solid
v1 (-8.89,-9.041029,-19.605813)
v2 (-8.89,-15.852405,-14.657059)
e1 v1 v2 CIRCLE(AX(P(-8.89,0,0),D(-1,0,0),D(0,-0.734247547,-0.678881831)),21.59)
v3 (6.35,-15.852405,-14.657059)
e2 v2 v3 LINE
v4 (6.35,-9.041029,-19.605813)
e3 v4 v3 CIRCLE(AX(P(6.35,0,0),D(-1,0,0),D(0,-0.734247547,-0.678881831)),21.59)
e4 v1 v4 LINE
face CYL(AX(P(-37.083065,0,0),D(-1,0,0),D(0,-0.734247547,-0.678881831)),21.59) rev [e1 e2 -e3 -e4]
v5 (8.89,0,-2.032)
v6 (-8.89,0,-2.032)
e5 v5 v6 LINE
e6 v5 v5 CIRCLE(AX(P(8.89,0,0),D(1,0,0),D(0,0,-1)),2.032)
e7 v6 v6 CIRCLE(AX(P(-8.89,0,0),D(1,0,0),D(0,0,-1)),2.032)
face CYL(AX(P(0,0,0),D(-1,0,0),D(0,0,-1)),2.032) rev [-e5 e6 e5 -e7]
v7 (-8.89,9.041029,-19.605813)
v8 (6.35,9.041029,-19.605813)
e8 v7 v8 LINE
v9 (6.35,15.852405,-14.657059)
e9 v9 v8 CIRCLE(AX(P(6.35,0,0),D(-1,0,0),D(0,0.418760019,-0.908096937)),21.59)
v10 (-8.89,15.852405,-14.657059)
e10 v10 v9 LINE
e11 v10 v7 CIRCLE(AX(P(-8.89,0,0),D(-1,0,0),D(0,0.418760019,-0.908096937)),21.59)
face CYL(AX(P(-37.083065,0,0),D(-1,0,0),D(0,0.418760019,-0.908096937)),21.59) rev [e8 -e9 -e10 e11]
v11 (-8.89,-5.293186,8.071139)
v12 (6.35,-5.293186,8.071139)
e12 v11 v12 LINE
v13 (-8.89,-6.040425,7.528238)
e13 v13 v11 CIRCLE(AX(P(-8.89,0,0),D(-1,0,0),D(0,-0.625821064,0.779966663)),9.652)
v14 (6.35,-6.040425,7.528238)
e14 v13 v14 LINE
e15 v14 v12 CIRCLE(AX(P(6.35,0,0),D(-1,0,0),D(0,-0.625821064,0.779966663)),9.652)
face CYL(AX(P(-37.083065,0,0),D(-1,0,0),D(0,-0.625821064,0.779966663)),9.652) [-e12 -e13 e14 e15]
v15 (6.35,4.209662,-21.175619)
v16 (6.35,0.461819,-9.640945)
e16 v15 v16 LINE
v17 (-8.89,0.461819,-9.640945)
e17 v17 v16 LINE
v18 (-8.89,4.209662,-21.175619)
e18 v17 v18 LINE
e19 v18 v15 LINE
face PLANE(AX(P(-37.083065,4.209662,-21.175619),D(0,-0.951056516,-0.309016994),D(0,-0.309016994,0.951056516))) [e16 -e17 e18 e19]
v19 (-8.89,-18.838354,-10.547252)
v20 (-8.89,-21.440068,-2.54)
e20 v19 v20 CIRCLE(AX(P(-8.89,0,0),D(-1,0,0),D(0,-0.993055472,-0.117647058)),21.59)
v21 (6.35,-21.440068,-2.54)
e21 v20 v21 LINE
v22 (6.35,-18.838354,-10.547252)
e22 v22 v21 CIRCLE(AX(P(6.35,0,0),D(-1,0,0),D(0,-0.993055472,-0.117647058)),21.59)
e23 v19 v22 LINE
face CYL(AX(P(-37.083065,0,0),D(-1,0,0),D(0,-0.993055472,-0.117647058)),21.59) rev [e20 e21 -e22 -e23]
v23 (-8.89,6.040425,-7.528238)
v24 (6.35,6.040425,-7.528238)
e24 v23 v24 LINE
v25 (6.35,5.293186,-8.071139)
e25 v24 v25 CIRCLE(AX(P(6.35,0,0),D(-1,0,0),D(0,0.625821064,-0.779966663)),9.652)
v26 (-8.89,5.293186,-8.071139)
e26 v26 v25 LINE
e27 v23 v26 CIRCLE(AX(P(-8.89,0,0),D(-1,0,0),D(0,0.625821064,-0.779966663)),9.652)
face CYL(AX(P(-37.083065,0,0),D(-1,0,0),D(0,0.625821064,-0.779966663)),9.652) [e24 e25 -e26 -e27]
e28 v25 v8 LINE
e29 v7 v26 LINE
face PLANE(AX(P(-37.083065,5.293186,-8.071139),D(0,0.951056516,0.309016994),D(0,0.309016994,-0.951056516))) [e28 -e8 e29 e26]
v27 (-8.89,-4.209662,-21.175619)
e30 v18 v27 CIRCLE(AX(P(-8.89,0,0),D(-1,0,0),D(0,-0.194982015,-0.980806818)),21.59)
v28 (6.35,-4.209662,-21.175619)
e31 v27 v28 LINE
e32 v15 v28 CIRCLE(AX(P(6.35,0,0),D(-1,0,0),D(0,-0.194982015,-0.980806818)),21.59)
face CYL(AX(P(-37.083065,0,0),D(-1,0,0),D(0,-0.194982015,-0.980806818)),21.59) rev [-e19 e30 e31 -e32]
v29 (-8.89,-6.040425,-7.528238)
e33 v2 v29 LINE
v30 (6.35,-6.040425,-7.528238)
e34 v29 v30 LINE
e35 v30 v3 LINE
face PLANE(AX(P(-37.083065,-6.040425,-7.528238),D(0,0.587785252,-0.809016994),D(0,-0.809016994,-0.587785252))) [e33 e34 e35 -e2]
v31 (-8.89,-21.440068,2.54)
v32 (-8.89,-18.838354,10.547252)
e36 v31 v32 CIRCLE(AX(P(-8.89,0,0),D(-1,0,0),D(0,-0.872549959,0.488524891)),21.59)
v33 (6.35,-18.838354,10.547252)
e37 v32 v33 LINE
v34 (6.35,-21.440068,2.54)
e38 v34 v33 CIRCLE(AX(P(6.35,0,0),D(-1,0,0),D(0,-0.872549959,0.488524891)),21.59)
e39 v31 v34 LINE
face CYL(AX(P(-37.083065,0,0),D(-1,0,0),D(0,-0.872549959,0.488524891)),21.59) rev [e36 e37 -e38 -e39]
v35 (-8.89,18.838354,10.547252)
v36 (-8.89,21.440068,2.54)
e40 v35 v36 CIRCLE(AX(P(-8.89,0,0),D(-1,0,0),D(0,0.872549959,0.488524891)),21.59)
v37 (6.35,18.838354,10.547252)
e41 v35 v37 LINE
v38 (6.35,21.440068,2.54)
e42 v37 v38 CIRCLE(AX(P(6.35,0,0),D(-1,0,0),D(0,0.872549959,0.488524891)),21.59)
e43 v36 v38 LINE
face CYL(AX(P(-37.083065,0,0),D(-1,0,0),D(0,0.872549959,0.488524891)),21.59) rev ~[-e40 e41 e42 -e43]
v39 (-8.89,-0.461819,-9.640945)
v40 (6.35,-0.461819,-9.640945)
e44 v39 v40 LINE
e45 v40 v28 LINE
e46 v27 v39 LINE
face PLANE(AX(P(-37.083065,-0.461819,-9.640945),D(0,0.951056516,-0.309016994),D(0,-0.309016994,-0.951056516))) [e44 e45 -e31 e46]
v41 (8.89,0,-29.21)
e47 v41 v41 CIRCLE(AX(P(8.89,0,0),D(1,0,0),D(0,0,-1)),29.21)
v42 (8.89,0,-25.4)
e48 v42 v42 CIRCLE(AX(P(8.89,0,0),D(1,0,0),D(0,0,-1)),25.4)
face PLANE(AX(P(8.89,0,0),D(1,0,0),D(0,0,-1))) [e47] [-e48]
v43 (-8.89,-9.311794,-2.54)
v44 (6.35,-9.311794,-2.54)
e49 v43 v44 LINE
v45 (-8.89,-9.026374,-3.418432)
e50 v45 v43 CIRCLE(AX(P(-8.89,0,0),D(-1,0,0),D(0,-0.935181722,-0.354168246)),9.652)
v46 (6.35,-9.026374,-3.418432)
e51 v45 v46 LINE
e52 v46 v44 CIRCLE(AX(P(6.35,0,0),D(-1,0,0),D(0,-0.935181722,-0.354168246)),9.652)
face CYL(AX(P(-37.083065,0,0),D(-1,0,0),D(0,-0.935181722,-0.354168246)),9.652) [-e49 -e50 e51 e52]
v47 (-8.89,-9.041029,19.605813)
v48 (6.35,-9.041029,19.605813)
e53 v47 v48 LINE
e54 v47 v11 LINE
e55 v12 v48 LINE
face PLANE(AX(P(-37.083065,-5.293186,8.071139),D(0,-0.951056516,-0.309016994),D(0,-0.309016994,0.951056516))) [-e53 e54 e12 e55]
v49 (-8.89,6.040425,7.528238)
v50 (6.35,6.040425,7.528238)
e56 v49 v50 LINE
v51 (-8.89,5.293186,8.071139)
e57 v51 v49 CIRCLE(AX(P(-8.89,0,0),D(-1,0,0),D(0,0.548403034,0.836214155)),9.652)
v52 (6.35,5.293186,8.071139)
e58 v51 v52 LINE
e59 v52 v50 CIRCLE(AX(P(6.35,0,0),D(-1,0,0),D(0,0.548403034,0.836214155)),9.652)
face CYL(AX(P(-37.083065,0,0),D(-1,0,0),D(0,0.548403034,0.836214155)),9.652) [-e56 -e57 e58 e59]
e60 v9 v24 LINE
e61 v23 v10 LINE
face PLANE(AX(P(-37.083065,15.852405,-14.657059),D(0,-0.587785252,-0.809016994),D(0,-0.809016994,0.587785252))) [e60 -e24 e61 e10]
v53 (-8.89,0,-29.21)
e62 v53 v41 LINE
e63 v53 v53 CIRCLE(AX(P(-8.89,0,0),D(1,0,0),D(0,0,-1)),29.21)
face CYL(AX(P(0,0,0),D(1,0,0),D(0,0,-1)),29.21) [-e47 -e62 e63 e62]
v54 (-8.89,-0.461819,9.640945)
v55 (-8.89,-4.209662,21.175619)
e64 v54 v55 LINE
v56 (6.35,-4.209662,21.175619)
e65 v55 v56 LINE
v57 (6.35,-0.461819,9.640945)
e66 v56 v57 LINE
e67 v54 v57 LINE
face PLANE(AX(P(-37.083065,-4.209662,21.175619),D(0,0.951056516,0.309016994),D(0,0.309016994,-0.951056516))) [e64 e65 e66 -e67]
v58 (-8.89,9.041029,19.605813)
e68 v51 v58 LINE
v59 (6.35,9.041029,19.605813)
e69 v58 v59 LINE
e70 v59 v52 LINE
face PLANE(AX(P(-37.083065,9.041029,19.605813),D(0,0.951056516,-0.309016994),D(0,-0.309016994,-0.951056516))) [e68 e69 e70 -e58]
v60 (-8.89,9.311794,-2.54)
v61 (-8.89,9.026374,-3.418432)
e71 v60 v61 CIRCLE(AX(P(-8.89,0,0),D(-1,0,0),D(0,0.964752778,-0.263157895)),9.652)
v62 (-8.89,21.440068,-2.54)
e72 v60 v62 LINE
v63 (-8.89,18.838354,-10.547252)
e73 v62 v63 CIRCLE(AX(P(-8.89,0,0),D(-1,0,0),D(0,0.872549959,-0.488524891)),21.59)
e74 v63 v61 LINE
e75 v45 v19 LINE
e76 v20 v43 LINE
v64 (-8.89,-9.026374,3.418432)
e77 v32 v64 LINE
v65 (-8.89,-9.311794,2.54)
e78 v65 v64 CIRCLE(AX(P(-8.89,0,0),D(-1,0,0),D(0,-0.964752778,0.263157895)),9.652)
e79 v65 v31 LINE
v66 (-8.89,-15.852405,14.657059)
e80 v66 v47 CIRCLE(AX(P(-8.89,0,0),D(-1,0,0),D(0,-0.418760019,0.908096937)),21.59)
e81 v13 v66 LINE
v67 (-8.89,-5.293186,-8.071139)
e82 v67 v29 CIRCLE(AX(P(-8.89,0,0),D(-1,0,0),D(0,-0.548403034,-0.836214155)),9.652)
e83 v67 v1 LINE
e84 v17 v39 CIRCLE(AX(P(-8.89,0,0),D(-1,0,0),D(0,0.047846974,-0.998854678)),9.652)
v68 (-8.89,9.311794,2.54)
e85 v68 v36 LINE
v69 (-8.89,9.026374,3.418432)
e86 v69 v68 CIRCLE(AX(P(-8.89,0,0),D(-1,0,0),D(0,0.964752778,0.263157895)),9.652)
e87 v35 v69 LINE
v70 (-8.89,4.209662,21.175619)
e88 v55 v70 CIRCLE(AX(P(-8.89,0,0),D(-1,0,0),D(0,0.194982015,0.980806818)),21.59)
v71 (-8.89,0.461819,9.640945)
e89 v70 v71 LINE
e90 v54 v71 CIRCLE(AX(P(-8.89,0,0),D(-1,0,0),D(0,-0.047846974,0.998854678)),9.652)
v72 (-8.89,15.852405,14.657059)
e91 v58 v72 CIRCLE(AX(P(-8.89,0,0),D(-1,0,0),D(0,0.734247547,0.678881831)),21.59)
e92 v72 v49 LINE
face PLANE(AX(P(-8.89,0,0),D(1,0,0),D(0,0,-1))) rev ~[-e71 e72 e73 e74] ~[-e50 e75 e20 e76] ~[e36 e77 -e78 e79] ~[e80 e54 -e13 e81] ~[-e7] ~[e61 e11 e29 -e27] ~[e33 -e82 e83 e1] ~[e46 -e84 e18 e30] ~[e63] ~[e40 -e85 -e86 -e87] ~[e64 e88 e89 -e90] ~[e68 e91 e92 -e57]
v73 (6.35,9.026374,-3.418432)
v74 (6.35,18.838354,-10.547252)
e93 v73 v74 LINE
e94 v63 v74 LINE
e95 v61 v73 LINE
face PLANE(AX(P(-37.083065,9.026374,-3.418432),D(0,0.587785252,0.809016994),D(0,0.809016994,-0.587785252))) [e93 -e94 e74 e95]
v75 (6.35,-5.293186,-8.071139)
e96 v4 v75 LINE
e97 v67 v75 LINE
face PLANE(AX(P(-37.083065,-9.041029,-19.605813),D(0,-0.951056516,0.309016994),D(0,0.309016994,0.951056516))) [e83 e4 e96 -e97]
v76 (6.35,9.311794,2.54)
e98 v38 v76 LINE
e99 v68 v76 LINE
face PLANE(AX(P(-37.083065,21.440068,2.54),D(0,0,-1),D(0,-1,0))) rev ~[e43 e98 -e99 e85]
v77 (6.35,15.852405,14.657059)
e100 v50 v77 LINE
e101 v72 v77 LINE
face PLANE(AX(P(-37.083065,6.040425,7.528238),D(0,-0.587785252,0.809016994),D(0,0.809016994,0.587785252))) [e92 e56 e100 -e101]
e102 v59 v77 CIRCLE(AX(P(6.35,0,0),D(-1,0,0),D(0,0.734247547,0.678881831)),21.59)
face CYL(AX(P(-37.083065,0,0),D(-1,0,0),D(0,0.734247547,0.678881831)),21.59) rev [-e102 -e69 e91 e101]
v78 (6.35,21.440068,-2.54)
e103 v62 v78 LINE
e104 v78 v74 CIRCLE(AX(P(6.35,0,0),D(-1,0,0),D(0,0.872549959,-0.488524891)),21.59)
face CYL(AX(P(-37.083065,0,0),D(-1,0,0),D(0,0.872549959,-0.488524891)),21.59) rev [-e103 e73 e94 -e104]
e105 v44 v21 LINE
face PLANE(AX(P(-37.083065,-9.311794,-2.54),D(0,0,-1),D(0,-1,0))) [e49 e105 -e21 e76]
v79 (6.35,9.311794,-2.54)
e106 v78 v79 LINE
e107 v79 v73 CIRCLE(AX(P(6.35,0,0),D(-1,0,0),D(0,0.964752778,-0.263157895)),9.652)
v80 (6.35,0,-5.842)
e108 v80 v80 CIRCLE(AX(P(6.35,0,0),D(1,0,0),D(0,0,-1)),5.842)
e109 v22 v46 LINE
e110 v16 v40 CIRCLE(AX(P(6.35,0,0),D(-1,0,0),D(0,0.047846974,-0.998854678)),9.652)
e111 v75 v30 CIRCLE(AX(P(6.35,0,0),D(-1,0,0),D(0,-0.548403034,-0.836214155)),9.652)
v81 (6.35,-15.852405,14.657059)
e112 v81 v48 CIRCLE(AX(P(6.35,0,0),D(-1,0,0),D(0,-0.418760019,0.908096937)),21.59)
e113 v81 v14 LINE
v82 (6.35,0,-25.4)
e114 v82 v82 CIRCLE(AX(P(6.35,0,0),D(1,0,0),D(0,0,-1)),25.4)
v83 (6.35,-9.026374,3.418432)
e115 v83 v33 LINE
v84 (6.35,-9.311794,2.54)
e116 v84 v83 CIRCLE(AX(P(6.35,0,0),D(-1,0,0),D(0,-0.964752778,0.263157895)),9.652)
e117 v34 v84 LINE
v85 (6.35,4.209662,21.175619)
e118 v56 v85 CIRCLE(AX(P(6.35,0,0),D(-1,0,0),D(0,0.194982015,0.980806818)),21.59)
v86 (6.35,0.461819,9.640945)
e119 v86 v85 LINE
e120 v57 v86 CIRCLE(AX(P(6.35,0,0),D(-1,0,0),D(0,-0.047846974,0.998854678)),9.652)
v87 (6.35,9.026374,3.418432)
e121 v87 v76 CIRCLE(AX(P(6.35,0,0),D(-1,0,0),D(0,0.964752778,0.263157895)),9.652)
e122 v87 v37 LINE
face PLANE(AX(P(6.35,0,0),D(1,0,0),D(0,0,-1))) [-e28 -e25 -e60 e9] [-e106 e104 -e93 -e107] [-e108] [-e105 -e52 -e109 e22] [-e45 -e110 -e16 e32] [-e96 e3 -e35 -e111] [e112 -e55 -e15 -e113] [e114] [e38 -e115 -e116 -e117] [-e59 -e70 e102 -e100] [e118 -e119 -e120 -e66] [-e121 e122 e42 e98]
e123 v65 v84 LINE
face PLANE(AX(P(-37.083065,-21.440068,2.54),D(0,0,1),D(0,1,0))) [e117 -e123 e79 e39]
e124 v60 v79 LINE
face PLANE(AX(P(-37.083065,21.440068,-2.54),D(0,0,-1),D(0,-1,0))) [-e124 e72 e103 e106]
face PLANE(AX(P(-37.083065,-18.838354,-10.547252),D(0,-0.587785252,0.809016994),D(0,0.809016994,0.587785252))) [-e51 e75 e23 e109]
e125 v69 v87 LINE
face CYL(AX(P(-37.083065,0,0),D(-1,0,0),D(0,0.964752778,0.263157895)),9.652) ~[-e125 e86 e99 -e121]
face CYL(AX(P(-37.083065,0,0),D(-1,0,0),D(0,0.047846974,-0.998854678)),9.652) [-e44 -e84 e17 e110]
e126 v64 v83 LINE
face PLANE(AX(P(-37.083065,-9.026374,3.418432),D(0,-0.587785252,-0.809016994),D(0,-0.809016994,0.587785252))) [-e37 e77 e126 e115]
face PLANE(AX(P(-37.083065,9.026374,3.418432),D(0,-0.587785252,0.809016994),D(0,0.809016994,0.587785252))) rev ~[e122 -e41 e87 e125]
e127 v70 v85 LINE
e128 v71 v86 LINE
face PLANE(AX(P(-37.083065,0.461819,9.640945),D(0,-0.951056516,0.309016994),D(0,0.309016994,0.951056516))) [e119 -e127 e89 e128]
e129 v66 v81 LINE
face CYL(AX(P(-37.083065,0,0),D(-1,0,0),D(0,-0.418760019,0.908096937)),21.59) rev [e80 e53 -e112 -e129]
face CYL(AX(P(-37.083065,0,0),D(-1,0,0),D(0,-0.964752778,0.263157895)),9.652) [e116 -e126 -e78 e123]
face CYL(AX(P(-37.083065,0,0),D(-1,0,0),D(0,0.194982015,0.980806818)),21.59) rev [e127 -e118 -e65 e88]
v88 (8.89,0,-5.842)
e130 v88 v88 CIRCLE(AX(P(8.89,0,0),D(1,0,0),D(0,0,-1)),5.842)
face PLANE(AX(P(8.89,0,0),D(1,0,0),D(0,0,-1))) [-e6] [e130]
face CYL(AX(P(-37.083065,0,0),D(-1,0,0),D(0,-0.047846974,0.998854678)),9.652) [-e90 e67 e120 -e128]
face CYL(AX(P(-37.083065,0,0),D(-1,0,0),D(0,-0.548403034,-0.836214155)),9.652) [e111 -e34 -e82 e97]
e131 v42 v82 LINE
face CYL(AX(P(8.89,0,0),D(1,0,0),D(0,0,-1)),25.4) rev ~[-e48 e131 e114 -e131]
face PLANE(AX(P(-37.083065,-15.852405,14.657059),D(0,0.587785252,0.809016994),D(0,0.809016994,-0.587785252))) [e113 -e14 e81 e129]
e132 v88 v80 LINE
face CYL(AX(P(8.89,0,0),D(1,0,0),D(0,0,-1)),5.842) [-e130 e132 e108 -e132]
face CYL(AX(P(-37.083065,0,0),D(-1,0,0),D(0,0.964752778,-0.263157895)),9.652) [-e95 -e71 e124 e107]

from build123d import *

# Parameters (mm, degrees)
SKETCH1_R               = 29.21
SKETCH1_R_2             = 2.032
BOSS_EXTRUDE1_DEPTH     = 8.89
CUT_EXTRUDE1_DEPTH      = 45.973065272
CUT_EXTRUDE1_DEPTH_BACK = 45.973065272
SKETCH3_R               = 25.4
SKETCH3_R_2             = 5.842
CUT_EXTRUDE2_DEPTH      = 2.54


with BuildPart() as part:
    # Sketch1 → Boss-Extrude1 (new, symmetric)
    with BuildSketch(Plane(origin=(0, 0, 0), x_dir=(0, 0, -1), z_dir=(1, 0, 0))):
        Circle(SKETCH1_R)
        Circle(SKETCH1_R_2, mode=Mode.SUBTRACT)
    extrude(amount=BOSS_EXTRUDE1_DEPTH, both=True)

    # Sketch2 → Cut-Extrude1 (cut, two sides: drawn at the far end of the back side and taken through both)
    with BuildSketch(Plane(origin=(8.89, 0, 0), x_dir=(0, 0, -1), z_dir=(1, 0, 0)).offset(-CUT_EXTRUDE1_DEPTH_BACK)):
        with BuildLine():
            Line((-2.54, 21.44006763), (-2.54, 9.311793812))
            ThreePointArc((-2.54, 9.311793812), (-2.98263203, 9.179597495), (-3.418431909, 9.026373983))
            Line((-3.418431909, 9.026373983), (-10.547252396, 18.838353614))
            ThreePointArc((-10.547252396, 18.838353614), (-6.671676909, 20.533310187), (-2.54, 21.44006763))
        make_face()
        with BuildLine():
            Line((2.54, 21.44006763), (2.54, 9.311793812))
            ThreePointArc((2.54, 9.311793812), (2.98263203, 9.179597495), (3.418431909, 9.026373983))
            Line((3.418431909, 9.026373983), (10.547252396, 18.838353614))
            ThreePointArc((10.547252396, 18.838353614), (6.671676909, 20.533310187), (2.54, 21.44006763))
        make_face()
        with BuildLine():
            Line((14.657058727, 15.852404533), (7.528238241, 6.040424901))
            ThreePointArc((7.528238241, 6.040424901), (7.80863203, 5.673303255), (8.071139018, 5.293186087))
            Line((8.071139018, 5.293186087), (19.605812864, 9.04102881))
            ThreePointArc((19.605812864, 9.04102881), (17.466676909, 12.690283597), (14.657058727, 15.852404533))
        make_face()
        with BuildLine():
            Line((21.175619195, 4.209661707), (9.640945349, 0.461818985))
            ThreePointArc((9.640945349, 0.461818985), (9.652, 0), (9.640945349, -0.461818985))
            Line((9.640945349, -0.461818985), (21.175619195, -4.209661707))
            ThreePointArc((21.175619195, -4.209661707), (21.59, 0), (21.175619195, 4.209661707))
        make_face()
        with BuildLine():
            Line((19.605812864, -9.04102881), (8.071139018, -5.293186087))
            ThreePointArc((8.071139018, -5.293186087), (7.80863203, -5.673303255), (7.528238241, -6.040424901))
            Line((7.528238241, -6.040424901), (14.657058727, -15.852404533))
            ThreePointArc((14.657058727, -15.852404533), (17.466676909, -12.690283597), (19.605812864, -9.04102881))
        make_face()
        with BuildLine():
            Line((10.547252396, -18.838353614), (3.418431909, -9.026373983))
            ThreePointArc((3.418431909, -9.026373983), (2.98263203, -9.179597495), (2.54, -9.311793812))
            Line((2.54, -9.311793812), (2.54, -21.44006763))
            ThreePointArc((2.54, -21.44006763), (6.671676909, -20.533310187), (10.547252396, -18.838353614))
        make_face()
        with BuildLine():
            Line((-2.54, -21.44006763), (-2.54, -9.311793812))
            ThreePointArc((-2.54, -9.311793812), (-2.98263203, -9.179597495), (-3.418431909, -9.026373983))
            Line((-3.418431909, -9.026373983), (-10.547252396, -18.838353614))
            ThreePointArc((-10.547252396, -18.838353614), (-6.671676909, -20.533310187), (-2.54, -21.44006763))
        make_face()
        with BuildLine():
            Line((-14.657058727, -15.852404533), (-7.528238241, -6.040424901))
            ThreePointArc((-7.528238241, -6.040424901), (-7.80863203, -5.673303255), (-8.071139018, -5.293186087))
            Line((-8.071139018, -5.293186087), (-19.605812864, -9.04102881))
            ThreePointArc((-19.605812864, -9.04102881), (-17.466676909, -12.690283597), (-14.657058727, -15.852404533))
        make_face()
        with BuildLine():
            Line((-21.175619195, -4.209661707), (-9.640945349, -0.461818985))
            ThreePointArc((-9.640945349, -0.461818985), (-9.652, 0), (-9.640945349, 0.461818985))
            Line((-9.640945349, 0.461818985), (-21.175619195, 4.209661707))
            ThreePointArc((-21.175619195, 4.209661707), (-21.59, 0), (-21.175619195, -4.209661707))
        make_face()
        with BuildLine():
            Line((-19.605812864, 9.04102881), (-8.071139018, 5.293186087))
            ThreePointArc((-8.071139018, 5.293186087), (-7.80863203, 5.673303255), (-7.528238241, 6.040424901))
            Line((-7.528238241, 6.040424901), (-14.657058727, 15.852404533))
            ThreePointArc((-14.657058727, 15.852404533), (-17.466676909, 12.690283597), (-19.605812864, 9.04102881))
        make_face()
    extrude(amount=CUT_EXTRUDE1_DEPTH + CUT_EXTRUDE1_DEPTH_BACK, mode=Mode.SUBTRACT)

    # Sketch3 → Cut-Extrude2 (cut)
    with BuildSketch(Plane(origin=(8.89, 0, 0), x_dir=(0, 0, -1), z_dir=(1, 0, 0))):
        Circle(SKETCH3_R)
        Circle(SKETCH3_R_2, mode=Mode.SUBTRACT)
    extrude(amount=-CUT_EXTRUDE2_DEPTH, mode=Mode.SUBTRACT)


solid = part.part
